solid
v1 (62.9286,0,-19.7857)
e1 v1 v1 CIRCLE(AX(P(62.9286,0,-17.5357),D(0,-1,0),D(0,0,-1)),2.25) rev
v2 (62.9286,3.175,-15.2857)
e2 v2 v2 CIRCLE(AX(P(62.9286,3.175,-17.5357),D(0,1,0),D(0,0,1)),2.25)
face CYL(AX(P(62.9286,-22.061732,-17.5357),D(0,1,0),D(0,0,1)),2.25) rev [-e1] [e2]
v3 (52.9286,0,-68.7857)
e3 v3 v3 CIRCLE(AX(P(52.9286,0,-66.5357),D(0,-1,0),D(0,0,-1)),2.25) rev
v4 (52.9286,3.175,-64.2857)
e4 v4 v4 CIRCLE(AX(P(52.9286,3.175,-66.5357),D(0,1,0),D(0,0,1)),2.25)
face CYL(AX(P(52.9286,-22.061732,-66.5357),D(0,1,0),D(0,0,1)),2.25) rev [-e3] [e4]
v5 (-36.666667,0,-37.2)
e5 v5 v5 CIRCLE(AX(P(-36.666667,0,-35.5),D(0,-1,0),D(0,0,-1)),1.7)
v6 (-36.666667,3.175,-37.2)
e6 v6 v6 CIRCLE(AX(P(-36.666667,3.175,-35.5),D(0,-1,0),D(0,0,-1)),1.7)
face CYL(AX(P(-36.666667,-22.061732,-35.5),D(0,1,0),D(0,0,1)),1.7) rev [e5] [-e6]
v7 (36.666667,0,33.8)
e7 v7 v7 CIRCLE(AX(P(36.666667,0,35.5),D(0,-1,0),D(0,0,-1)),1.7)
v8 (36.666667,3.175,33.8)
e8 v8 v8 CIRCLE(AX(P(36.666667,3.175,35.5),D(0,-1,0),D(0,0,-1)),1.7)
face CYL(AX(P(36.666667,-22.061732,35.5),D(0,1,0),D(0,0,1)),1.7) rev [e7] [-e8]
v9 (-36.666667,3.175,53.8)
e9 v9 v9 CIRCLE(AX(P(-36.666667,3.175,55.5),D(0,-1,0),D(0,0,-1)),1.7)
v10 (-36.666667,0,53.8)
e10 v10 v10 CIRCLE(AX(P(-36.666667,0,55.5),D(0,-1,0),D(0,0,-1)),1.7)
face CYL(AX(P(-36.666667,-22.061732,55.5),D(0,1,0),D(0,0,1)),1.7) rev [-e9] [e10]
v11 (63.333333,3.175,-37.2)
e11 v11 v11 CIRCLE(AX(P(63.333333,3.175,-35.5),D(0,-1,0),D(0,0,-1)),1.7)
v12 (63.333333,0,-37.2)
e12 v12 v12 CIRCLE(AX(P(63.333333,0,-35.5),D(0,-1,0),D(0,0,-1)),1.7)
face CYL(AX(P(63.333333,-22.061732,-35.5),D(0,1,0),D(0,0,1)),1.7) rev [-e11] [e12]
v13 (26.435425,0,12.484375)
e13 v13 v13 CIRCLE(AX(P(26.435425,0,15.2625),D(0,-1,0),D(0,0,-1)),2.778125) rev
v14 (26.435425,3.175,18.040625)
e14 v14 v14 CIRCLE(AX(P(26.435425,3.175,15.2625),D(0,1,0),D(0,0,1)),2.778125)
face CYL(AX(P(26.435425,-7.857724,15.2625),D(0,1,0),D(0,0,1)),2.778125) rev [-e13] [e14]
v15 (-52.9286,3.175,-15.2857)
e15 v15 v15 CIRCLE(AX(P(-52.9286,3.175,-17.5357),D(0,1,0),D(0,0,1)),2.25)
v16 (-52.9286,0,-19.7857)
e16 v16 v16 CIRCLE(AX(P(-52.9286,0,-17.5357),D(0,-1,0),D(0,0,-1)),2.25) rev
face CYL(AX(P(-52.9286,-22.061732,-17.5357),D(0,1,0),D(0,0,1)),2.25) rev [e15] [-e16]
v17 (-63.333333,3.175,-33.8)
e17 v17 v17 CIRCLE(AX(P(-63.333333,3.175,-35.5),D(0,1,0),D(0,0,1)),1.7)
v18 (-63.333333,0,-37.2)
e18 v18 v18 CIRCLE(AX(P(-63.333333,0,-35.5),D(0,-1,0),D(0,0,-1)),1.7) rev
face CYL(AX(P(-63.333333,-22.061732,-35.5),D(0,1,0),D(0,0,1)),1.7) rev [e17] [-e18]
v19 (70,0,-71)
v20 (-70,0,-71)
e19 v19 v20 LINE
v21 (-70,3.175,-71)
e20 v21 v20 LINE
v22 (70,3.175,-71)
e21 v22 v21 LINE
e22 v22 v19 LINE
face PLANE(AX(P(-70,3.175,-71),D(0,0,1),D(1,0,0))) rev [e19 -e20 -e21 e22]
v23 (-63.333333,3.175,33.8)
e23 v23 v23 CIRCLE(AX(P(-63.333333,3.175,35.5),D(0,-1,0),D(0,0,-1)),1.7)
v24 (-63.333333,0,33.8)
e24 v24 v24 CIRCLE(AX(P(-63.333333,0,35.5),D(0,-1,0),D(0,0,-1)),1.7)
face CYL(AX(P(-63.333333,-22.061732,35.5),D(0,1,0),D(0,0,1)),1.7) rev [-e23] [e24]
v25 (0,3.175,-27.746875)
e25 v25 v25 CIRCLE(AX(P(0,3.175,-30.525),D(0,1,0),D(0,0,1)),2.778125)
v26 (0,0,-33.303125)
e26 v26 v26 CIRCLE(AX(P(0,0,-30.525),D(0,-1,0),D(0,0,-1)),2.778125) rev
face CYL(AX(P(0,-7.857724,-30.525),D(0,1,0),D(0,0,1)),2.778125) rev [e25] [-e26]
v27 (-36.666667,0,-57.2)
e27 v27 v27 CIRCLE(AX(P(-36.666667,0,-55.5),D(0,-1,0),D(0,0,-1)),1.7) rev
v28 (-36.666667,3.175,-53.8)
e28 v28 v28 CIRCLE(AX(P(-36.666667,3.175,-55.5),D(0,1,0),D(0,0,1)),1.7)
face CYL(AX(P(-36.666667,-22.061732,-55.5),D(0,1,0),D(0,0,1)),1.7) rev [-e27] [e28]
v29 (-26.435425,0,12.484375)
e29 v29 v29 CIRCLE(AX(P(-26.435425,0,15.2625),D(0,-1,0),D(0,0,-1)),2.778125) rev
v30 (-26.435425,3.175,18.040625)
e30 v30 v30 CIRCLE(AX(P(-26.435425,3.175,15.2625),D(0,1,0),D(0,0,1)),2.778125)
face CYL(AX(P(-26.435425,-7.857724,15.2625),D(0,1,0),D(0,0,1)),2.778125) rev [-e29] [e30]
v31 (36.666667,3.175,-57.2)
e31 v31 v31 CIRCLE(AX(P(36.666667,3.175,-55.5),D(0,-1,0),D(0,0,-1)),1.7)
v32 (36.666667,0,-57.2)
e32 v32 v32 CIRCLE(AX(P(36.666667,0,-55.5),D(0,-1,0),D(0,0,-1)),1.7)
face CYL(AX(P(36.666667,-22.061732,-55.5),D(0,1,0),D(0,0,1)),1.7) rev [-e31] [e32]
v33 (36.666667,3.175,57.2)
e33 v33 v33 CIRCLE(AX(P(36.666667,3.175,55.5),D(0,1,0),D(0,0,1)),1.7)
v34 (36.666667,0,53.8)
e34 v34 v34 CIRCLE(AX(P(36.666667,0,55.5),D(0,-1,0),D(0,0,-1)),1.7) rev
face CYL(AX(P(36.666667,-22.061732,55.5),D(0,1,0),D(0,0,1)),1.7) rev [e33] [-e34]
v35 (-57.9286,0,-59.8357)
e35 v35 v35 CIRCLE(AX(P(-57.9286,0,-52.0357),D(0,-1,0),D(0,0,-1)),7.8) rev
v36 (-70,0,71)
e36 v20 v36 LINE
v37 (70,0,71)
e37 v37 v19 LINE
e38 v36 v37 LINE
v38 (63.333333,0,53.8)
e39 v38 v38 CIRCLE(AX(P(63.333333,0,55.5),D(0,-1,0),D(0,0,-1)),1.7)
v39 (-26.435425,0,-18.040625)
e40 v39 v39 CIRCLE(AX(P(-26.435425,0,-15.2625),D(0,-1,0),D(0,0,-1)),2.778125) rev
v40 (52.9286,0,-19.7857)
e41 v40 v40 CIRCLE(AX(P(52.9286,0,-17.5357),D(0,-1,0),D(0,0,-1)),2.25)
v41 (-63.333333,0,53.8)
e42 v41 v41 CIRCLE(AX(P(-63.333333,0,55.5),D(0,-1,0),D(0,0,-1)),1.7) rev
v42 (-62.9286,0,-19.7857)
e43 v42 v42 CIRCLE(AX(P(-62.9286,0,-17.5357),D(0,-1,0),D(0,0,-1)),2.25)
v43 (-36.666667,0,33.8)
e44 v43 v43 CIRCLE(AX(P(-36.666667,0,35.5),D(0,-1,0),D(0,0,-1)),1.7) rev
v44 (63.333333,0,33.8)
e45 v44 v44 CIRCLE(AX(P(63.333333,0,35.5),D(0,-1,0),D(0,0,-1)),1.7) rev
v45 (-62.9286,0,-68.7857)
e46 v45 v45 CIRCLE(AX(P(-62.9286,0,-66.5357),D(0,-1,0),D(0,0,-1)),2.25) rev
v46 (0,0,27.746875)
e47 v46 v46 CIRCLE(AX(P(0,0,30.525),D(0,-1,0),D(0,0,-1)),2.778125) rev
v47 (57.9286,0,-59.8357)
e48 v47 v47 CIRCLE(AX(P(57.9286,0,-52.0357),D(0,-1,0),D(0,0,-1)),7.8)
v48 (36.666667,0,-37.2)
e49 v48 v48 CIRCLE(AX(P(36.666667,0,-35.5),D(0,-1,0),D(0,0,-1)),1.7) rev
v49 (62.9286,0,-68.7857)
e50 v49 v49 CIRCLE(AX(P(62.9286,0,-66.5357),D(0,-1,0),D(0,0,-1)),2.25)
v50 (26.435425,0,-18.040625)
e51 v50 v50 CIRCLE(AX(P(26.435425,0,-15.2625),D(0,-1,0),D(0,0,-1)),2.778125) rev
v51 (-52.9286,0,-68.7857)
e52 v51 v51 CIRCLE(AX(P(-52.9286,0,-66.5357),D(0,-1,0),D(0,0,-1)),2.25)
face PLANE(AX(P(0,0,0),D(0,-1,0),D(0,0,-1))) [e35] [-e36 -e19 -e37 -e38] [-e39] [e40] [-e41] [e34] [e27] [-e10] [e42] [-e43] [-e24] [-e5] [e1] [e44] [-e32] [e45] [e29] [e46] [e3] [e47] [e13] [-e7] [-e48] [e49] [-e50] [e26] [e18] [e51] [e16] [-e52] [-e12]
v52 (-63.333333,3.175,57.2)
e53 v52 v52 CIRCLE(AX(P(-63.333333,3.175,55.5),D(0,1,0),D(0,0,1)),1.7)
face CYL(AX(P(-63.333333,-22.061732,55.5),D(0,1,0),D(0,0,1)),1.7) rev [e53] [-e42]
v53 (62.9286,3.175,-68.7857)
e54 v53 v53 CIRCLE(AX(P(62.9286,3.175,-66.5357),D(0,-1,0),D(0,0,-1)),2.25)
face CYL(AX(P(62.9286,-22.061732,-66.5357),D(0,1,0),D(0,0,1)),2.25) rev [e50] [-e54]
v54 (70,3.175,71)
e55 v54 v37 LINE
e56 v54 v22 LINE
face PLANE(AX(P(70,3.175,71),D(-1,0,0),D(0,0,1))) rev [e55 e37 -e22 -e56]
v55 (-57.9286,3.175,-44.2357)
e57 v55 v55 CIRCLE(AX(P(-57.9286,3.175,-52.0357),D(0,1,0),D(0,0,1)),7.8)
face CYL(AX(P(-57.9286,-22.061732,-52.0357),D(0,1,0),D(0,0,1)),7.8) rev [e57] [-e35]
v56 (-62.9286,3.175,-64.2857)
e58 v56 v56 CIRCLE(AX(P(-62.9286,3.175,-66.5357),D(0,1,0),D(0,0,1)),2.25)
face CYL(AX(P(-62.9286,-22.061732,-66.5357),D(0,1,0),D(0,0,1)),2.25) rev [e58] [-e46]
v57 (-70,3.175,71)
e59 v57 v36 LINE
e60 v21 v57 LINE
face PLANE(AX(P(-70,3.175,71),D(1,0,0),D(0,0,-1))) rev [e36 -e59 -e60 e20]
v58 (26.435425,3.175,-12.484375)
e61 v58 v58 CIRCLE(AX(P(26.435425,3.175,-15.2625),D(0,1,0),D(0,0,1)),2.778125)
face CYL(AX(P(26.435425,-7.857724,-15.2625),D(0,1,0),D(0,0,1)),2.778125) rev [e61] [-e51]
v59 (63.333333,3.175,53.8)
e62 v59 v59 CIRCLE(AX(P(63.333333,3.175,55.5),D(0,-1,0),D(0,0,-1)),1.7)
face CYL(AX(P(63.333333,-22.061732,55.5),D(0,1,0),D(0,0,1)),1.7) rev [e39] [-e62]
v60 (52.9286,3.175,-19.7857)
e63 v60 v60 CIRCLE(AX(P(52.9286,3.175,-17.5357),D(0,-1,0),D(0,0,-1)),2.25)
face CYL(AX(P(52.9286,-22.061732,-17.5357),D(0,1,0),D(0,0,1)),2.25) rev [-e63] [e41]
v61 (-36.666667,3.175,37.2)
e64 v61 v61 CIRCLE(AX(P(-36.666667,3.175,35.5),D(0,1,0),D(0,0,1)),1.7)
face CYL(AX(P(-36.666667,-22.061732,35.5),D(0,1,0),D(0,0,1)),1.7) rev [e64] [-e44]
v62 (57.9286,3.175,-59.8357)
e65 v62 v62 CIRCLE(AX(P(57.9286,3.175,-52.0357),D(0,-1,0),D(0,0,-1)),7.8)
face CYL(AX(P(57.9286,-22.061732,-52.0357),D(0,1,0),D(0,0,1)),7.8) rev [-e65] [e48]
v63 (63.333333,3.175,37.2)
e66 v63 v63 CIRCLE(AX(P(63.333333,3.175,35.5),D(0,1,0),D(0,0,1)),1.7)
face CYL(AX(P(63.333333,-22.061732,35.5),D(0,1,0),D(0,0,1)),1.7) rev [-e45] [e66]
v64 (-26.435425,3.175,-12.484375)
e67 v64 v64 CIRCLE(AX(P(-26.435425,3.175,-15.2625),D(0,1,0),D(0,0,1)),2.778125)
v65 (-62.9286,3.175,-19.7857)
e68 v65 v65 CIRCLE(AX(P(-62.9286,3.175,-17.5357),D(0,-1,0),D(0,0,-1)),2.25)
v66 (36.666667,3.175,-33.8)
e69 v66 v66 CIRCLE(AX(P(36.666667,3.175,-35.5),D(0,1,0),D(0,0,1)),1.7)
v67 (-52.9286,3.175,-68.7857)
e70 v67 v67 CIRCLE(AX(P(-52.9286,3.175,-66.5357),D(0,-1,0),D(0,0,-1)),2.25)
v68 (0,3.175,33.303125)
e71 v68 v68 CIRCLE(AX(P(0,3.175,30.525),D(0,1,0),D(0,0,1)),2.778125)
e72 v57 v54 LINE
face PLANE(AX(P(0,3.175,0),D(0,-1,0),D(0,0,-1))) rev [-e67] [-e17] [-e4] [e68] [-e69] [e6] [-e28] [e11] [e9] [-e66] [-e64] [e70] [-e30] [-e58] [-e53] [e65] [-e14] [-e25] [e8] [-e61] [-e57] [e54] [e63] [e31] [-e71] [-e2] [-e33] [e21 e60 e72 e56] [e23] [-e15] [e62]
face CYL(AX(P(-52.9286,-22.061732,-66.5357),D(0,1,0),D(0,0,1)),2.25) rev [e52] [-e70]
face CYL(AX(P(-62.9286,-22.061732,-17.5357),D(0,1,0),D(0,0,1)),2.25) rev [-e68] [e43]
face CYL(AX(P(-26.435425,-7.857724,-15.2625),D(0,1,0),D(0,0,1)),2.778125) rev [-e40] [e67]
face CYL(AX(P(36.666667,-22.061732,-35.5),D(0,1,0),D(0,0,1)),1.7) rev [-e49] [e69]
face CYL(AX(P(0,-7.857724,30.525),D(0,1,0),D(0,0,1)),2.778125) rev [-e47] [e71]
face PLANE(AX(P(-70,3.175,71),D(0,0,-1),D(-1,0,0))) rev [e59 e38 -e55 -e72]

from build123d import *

# Parameters (mm, degrees)
SKETCH1_W           = 140
SKETCH1_H           = 142
BOSS_EXTRUDE1_DEPTH = 3.175
SKETCH2_R           = 7.8
SKETCH2_R_2         = 2.25
SKETCH2_R_3         = 1.7
CUT_EXTRUDE1_DEPTH  = 3.175
SKETCH4_R           = 2.778125
CUT_EXTRUDE2_DEPTH  = 3.175


with BuildPart() as part:
    # Sketch1 → Boss-Extrude1 (new body)
    with BuildSketch(Plane(origin=(0, 0, 0), x_dir=(1, 0, 0), z_dir=(0, 1, 0))):
        Rectangle(SKETCH1_W, SKETCH1_H)
    extrude(amount=BOSS_EXTRUDE1_DEPTH)

    # Sketch2 → Cut-Extrude1 (cut)
    with BuildSketch(Plane(origin=(0, 3.175, 0), x_dir=(1, 0, 0), z_dir=(0, 1, 0))):
        with Locations(Location((-57.9286, 52.0357, 0), (0, 0, 270))):
            Circle(SKETCH2_R)
        with Locations(Location((-62.9286, 66.5357, 0), (0, 0, 270))):
            Circle(SKETCH2_R_2)
        with Locations(Location((-52.9286, 66.5357, 0), (0, 0, 90))):
            Circle(SKETCH2_R_2)
        with Locations(Location((-52.9286, 17.5357, 0), (0, 0, 270))):
            Circle(SKETCH2_R_2)
        with Locations(Location((-62.9286, 17.5357, 0), (0, 0, 90))):
            Circle(SKETCH2_R_2)
        with Locations(Location((52.9286, 17.5357, 0), (0, 0, 90))):
            Circle(SKETCH2_R_2)
        with Locations(Location((62.9286, 17.5357, 0), (0, 0, 270))):
            Circle(SKETCH2_R_2)
        with Locations(Location((57.9286, 52.0357, 0), (0, 0, 90))):
            Circle(SKETCH2_R)
        with Locations(Location((52.9286, 66.5357, 0), (0, 0, 270))):
            Circle(SKETCH2_R_2)
        with Locations(Location((62.9286, 66.5357, 0), (0, 0, 90))):
            Circle(SKETCH2_R_2)
        with Locations(Location((-36.666666667, 55.5, 0), (0, 0, 270))):
            Circle(SKETCH2_R_3)
        with Locations(Location((-36.666666667, 35.5, 0), (0, 0, 90))):
            Circle(SKETCH2_R_3)
        with Locations(Location((-63.333333333, 35.5, 0), (0, 0, 270))):
            Circle(SKETCH2_R_3)
        with Locations(Location((36.666666667, 35.5, 0), (0, 0, 270))):
            Circle(SKETCH2_R_3)
        with Locations(Location((63.333333333, 35.5, 0), (0, 0, 90))):
            Circle(SKETCH2_R_3)
        with Locations(Location((36.666666667, 55.5, 0), (0, 0, 90))):
            Circle(SKETCH2_R_3)
        with Locations(Location((63.333333333, -35.5, 0), (0, 0, 270))):
            Circle(SKETCH2_R_3)
        with Locations(Location((36.666666667, -35.5, 0), (0, 0, 90))):
            Circle(SKETCH2_R_3)
        with Locations(Location((63.333333333, -55.5, 0), (0, 0, 90))):
            Circle(SKETCH2_R_3)
        with Locations(Location((36.666666667, -55.5, 0), (0, 0, 270))):
            Circle(SKETCH2_R_3)
        with Locations(Location((-36.666666667, -35.5, 0), (0, 0, 270))):
            Circle(SKETCH2_R_3)
        with Locations(Location((-63.333333333, -35.5, 0), (0, 0, 90))):
            Circle(SKETCH2_R_3)
        with Locations(Location((-36.666666667, -55.5, 0), (0, 0, 90))):
            Circle(SKETCH2_R_3)
        with Locations(Location((-63.333333333, -55.5, 0), (0, 0, 270))):
            Circle(SKETCH2_R_3)
    extrude(amount=-CUT_EXTRUDE1_DEPTH, mode=Mode.SUBTRACT)

    # Sketch4 → Cut-Extrude2 (cut)
    with BuildSketch(Plane(origin=(0, 3.175, 0), x_dir=(1, 0, 0), z_dir=(0, 1, 0))):
        with Locations(Location((0, 30.525, 0), (0, 0, 270))):
            Circle(SKETCH4_R)
        with Locations(Location((26.435425451, 15.2625, 0), (0, 0, 270))):
            Circle(SKETCH4_R)
        with Locations(Location((26.435425451, -15.2625, 0), (0, 0, 270))):
            Circle(SKETCH4_R)
        with Locations(Location((0, -30.525, 0), (0, 0, 270))):
            Circle(SKETCH4_R)
        with Locations(Location((-26.435425451, -15.2625, 0), (0, 0, 270))):
            Circle(SKETCH4_R)
        with Locations(Location((-26.435425451, 15.2625, 0), (0, 0, 270))):
            Circle(SKETCH4_R)
    extrude(amount=-CUT_EXTRUDE2_DEPTH, mode=Mode.SUBTRACT)


solid = part.part
